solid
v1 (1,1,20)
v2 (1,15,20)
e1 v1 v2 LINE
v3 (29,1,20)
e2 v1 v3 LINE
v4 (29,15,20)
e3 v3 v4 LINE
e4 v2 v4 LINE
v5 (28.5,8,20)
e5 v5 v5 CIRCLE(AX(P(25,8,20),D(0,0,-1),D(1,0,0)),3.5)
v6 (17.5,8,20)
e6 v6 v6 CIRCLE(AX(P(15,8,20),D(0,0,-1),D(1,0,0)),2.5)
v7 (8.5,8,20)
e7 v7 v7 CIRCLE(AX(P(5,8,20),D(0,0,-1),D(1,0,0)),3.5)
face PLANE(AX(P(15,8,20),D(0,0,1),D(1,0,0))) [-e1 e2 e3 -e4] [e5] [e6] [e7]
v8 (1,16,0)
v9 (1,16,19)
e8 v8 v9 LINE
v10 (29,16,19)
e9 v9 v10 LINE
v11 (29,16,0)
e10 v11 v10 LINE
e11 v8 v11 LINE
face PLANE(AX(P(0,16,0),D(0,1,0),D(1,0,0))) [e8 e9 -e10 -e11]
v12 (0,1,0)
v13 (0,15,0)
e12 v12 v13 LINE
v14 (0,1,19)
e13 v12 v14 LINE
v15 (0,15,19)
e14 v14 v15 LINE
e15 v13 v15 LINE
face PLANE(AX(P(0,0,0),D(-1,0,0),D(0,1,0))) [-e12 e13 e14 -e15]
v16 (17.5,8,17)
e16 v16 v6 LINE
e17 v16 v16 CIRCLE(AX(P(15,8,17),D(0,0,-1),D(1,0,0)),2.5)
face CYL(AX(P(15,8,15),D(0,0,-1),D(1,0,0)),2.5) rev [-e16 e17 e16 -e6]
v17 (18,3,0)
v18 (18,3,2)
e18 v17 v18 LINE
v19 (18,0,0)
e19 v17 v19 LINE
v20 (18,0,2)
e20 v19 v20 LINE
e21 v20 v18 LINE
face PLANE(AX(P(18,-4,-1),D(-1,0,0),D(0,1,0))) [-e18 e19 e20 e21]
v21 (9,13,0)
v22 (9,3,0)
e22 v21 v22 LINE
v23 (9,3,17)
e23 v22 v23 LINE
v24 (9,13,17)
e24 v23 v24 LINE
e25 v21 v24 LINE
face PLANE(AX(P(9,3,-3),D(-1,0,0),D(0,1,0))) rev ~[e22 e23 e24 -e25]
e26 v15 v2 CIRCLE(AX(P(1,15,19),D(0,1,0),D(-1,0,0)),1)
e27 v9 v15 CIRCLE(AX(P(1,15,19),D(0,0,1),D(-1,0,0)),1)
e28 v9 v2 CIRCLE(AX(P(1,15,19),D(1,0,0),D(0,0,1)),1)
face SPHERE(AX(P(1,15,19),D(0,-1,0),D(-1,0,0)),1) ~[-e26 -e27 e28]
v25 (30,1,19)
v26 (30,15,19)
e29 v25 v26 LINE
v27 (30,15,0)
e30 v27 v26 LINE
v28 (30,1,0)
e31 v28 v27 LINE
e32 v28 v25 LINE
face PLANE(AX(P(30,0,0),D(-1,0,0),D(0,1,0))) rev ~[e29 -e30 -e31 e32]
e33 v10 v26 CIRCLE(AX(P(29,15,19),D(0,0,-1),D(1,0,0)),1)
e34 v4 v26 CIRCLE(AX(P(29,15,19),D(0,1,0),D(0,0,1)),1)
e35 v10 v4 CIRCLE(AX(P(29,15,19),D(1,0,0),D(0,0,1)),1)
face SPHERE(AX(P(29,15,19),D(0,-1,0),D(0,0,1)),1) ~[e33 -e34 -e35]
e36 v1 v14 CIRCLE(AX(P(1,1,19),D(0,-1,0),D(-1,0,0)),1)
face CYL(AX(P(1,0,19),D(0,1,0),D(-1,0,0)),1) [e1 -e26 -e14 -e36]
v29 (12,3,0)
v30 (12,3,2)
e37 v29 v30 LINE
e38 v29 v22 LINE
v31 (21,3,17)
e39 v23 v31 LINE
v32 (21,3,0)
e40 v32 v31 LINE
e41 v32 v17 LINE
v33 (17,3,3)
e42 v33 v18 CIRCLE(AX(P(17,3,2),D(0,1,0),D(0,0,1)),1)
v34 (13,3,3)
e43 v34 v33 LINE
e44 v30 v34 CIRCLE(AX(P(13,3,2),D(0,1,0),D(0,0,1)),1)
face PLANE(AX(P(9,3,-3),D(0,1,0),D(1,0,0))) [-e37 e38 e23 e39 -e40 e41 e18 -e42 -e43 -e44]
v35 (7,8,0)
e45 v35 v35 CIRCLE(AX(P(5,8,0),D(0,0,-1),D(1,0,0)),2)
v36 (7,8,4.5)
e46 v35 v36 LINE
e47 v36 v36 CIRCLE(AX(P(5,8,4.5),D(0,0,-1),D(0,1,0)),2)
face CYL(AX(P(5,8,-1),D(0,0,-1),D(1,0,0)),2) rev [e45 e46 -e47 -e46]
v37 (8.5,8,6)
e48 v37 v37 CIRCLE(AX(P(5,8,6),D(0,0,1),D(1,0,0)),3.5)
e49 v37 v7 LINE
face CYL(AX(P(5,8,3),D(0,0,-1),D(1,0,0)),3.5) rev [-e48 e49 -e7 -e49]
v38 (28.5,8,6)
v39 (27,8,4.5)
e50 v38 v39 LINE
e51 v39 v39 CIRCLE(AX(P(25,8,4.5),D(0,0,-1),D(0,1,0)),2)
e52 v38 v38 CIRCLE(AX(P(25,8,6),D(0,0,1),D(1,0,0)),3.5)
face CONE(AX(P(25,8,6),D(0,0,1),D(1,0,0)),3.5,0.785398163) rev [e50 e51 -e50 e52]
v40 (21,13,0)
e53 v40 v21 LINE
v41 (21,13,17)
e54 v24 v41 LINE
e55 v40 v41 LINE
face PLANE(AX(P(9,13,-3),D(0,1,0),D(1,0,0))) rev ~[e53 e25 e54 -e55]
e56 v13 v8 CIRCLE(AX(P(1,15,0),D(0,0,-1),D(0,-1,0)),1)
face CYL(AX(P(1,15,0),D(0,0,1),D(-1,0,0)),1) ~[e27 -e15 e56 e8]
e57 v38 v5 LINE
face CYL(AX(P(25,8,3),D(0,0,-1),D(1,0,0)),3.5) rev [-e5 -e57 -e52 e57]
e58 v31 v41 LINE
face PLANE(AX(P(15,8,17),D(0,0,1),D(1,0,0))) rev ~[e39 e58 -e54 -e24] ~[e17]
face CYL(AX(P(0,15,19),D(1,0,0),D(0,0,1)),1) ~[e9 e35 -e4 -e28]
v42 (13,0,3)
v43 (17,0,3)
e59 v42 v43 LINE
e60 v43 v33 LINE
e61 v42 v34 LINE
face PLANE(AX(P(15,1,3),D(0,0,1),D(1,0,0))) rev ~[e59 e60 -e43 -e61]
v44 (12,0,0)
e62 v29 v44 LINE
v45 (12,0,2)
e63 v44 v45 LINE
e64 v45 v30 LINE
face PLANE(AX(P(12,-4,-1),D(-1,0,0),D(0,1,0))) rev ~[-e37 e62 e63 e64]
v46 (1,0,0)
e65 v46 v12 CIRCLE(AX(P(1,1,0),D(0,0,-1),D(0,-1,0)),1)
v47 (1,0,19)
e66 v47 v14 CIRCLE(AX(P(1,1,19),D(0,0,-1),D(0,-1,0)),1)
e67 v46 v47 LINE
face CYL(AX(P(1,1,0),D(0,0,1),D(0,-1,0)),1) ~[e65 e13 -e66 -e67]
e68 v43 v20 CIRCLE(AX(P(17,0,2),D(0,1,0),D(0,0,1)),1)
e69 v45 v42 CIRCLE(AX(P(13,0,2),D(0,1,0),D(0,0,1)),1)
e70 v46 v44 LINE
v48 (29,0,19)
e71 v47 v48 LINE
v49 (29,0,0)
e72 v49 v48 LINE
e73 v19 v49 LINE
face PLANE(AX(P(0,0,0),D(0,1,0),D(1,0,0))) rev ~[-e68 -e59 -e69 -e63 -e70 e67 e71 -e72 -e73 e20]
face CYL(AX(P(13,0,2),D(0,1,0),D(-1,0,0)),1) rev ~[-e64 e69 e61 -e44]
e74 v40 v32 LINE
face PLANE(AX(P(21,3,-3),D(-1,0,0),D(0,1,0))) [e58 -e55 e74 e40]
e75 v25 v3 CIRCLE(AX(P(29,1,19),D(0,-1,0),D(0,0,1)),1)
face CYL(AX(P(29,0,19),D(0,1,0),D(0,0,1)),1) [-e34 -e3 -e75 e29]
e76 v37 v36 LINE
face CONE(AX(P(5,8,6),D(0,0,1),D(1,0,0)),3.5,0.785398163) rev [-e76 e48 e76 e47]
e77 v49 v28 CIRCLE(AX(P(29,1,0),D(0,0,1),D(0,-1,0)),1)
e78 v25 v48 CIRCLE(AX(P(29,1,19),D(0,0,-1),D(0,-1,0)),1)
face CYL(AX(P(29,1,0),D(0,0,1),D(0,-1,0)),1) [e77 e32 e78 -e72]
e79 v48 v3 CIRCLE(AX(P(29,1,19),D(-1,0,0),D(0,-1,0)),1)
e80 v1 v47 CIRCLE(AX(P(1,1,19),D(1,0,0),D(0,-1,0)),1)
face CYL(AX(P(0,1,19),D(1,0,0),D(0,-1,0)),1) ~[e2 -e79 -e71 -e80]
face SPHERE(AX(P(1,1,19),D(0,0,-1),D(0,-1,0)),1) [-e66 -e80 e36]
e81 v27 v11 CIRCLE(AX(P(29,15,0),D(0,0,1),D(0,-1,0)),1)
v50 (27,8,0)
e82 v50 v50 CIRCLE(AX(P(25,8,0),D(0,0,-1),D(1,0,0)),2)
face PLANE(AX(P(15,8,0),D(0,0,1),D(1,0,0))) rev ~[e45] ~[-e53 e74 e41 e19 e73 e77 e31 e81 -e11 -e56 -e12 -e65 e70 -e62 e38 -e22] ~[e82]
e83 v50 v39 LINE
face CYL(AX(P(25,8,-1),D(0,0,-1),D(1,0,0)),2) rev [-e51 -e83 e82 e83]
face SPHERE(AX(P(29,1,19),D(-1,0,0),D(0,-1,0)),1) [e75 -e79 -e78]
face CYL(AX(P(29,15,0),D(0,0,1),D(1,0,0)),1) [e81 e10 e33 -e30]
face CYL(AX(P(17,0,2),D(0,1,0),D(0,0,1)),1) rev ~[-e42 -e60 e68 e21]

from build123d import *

# Parameters (mm, degrees)
BOX002_W          = 6
BOX002_H          = 10
BOX002_DEPTH      = 4
CYLINDER004_R     = 2.5
CYLINDER004_DEPTH = 10
CYLINDER_R        = 3.5
CYLINDER_DEPTH    = 33
CHAMFER_SIZE      = 3
CYLINDER001_R     = 3.5
CYLINDER001_DEPTH = 33
CHAMFER001_SIZE   = 3
CYLINDER002_R     = 2
CYLINDER002_DEPTH = 33
CYLINDER003_R     = 2
CYLINDER003_DEPTH = 33
BOX001_W          = 12
BOX001_H          = 10
BOX001_DEPTH      = 20
BOX_W             = 30
BOX_H             = 16
BOX_DEPTH         = 20
FILLET_R          = 1
FILLET001_R       = 1


with BuildPart() as cube002:
    # Box002 → Box002 (new body)
    with BuildSketch(Plane(origin=(12, -4, -1), x_dir=(1, 0, 0), z_dir=(0, 0, 1))):
        with Locations((3, 5)):
            Rectangle(BOX002_W, BOX002_H)
    extrude(amount=BOX002_DEPTH)


with BuildPart() as cylinder004:
    # Cylinder004 → Cylinder004 (new body)
    with BuildSketch(Plane(origin=(15, 8, 15), x_dir=(1, 0, 0), z_dir=(0, 0, 1))):
        Circle(CYLINDER004_R)
    extrude(amount=CYLINDER004_DEPTH)


with BuildPart() as chamfer_body:
    # Cylinder → Cylinder (new body)
    with BuildSketch(Plane(origin=(5, 8, -1), x_dir=(1, 0, 0), z_dir=(0, 0, 1))):
        Circle(CYLINDER_R)
    extrude(amount=CYLINDER_DEPTH)

    # Chamfer
    chamfer_edges = [chamfer_body.edges().sort_by_distance(p)[0] for p in [
        (1.5, 8, -1),
    ]]
    chamfer(chamfer_edges, length=CHAMFER_SIZE)


with BuildPart() as chamfer_body_1:
    # Chamfer placement: moved
    add(chamfer_body.part.moved(Location((0, 0, 4))))


with BuildPart() as chamfer001:
    # Cylinder001 → Cylinder001 (new body)
    with BuildSketch(Plane(origin=(25, 8, -1), x_dir=(1, 0, 0), z_dir=(0, 0, 1))):
        Circle(CYLINDER001_R)
    extrude(amount=CYLINDER001_DEPTH)

    # Chamfer001
    chamfer001_edges = [chamfer001.edges().sort_by_distance(p)[0] for p in [
        (21.5, 8, -1),
    ]]
    chamfer(chamfer001_edges, length=CHAMFER001_SIZE)


with BuildPart() as chamfer001_1:
    # Chamfer001 placement: moved
    add(chamfer001.part.moved(Location((0, 0, 4))))


with BuildPart() as cylinder002:
    # Cylinder002 → Cylinder002 (new body)
    with BuildSketch(Plane(origin=(5, 8, -1), x_dir=(1, 0, 0), z_dir=(0, 0, 1))):
        Circle(CYLINDER002_R)
    extrude(amount=CYLINDER002_DEPTH)


with BuildPart() as cylinder003:
    # Cylinder003 → Cylinder003 (new body)
    with BuildSketch(Plane(origin=(25, 8, -1), x_dir=(1, 0, 0), z_dir=(0, 0, 1))):
        Circle(CYLINDER003_R)
    extrude(amount=CYLINDER003_DEPTH)


with BuildPart() as holes:
    # Box001 → Box001 (new body)
    with BuildSketch(Plane(origin=(9, 3, -3), x_dir=(1, 0, 0), z_dir=(0, 0, 1))):
        with Locations((6, 5)):
            Rectangle(BOX001_W, BOX001_H)
    extrude(amount=BOX001_DEPTH)

    # Fusion: union Chamfer body, Chamfer001, Cylinder002, Cylinder003
    add(chamfer_body_1.part)
    add(chamfer001_1.part)
    add(cylinder002.part)
    add(cylinder003.part)


with BuildPart() as fillet001:
    # Box → Box (new body)
    with BuildSketch(Plane.XY):
        with Locations((15, 8)):
            Rectangle(BOX_W, BOX_H)
    extrude(amount=BOX_DEPTH)

    # Cut: cut holes
    add(holes.part, mode=Mode.SUBTRACT)

    # Cut001: cut Cylinder004
    add(cylinder004.part, mode=Mode.SUBTRACT)

    # Cut002: cut Cube002
    add(cube002.part, mode=Mode.SUBTRACT)

    # Fillet
    fillet_edges = [fillet001.edges().sort_by_distance(p)[0] for p in [
        (12, 1.5, 3),
        (18, 1.5, 3),
    ]]
    fillet(fillet_edges, radius=FILLET_R)

    # Fillet001
    fillet001_edges = [fillet001.edges().sort_by_distance(p)[0] for p in [
        (0, 0, 10),
        (15, 0, 20),
        (30, 0, 10),
        (0, 8, 20),
        (0, 16, 10),
        (30, 8, 20),
        (15, 16, 20),
        (30, 16, 10),
    ]]
    fillet(fillet001_edges, radius=FILLET001_R)


solid = fillet001.part
